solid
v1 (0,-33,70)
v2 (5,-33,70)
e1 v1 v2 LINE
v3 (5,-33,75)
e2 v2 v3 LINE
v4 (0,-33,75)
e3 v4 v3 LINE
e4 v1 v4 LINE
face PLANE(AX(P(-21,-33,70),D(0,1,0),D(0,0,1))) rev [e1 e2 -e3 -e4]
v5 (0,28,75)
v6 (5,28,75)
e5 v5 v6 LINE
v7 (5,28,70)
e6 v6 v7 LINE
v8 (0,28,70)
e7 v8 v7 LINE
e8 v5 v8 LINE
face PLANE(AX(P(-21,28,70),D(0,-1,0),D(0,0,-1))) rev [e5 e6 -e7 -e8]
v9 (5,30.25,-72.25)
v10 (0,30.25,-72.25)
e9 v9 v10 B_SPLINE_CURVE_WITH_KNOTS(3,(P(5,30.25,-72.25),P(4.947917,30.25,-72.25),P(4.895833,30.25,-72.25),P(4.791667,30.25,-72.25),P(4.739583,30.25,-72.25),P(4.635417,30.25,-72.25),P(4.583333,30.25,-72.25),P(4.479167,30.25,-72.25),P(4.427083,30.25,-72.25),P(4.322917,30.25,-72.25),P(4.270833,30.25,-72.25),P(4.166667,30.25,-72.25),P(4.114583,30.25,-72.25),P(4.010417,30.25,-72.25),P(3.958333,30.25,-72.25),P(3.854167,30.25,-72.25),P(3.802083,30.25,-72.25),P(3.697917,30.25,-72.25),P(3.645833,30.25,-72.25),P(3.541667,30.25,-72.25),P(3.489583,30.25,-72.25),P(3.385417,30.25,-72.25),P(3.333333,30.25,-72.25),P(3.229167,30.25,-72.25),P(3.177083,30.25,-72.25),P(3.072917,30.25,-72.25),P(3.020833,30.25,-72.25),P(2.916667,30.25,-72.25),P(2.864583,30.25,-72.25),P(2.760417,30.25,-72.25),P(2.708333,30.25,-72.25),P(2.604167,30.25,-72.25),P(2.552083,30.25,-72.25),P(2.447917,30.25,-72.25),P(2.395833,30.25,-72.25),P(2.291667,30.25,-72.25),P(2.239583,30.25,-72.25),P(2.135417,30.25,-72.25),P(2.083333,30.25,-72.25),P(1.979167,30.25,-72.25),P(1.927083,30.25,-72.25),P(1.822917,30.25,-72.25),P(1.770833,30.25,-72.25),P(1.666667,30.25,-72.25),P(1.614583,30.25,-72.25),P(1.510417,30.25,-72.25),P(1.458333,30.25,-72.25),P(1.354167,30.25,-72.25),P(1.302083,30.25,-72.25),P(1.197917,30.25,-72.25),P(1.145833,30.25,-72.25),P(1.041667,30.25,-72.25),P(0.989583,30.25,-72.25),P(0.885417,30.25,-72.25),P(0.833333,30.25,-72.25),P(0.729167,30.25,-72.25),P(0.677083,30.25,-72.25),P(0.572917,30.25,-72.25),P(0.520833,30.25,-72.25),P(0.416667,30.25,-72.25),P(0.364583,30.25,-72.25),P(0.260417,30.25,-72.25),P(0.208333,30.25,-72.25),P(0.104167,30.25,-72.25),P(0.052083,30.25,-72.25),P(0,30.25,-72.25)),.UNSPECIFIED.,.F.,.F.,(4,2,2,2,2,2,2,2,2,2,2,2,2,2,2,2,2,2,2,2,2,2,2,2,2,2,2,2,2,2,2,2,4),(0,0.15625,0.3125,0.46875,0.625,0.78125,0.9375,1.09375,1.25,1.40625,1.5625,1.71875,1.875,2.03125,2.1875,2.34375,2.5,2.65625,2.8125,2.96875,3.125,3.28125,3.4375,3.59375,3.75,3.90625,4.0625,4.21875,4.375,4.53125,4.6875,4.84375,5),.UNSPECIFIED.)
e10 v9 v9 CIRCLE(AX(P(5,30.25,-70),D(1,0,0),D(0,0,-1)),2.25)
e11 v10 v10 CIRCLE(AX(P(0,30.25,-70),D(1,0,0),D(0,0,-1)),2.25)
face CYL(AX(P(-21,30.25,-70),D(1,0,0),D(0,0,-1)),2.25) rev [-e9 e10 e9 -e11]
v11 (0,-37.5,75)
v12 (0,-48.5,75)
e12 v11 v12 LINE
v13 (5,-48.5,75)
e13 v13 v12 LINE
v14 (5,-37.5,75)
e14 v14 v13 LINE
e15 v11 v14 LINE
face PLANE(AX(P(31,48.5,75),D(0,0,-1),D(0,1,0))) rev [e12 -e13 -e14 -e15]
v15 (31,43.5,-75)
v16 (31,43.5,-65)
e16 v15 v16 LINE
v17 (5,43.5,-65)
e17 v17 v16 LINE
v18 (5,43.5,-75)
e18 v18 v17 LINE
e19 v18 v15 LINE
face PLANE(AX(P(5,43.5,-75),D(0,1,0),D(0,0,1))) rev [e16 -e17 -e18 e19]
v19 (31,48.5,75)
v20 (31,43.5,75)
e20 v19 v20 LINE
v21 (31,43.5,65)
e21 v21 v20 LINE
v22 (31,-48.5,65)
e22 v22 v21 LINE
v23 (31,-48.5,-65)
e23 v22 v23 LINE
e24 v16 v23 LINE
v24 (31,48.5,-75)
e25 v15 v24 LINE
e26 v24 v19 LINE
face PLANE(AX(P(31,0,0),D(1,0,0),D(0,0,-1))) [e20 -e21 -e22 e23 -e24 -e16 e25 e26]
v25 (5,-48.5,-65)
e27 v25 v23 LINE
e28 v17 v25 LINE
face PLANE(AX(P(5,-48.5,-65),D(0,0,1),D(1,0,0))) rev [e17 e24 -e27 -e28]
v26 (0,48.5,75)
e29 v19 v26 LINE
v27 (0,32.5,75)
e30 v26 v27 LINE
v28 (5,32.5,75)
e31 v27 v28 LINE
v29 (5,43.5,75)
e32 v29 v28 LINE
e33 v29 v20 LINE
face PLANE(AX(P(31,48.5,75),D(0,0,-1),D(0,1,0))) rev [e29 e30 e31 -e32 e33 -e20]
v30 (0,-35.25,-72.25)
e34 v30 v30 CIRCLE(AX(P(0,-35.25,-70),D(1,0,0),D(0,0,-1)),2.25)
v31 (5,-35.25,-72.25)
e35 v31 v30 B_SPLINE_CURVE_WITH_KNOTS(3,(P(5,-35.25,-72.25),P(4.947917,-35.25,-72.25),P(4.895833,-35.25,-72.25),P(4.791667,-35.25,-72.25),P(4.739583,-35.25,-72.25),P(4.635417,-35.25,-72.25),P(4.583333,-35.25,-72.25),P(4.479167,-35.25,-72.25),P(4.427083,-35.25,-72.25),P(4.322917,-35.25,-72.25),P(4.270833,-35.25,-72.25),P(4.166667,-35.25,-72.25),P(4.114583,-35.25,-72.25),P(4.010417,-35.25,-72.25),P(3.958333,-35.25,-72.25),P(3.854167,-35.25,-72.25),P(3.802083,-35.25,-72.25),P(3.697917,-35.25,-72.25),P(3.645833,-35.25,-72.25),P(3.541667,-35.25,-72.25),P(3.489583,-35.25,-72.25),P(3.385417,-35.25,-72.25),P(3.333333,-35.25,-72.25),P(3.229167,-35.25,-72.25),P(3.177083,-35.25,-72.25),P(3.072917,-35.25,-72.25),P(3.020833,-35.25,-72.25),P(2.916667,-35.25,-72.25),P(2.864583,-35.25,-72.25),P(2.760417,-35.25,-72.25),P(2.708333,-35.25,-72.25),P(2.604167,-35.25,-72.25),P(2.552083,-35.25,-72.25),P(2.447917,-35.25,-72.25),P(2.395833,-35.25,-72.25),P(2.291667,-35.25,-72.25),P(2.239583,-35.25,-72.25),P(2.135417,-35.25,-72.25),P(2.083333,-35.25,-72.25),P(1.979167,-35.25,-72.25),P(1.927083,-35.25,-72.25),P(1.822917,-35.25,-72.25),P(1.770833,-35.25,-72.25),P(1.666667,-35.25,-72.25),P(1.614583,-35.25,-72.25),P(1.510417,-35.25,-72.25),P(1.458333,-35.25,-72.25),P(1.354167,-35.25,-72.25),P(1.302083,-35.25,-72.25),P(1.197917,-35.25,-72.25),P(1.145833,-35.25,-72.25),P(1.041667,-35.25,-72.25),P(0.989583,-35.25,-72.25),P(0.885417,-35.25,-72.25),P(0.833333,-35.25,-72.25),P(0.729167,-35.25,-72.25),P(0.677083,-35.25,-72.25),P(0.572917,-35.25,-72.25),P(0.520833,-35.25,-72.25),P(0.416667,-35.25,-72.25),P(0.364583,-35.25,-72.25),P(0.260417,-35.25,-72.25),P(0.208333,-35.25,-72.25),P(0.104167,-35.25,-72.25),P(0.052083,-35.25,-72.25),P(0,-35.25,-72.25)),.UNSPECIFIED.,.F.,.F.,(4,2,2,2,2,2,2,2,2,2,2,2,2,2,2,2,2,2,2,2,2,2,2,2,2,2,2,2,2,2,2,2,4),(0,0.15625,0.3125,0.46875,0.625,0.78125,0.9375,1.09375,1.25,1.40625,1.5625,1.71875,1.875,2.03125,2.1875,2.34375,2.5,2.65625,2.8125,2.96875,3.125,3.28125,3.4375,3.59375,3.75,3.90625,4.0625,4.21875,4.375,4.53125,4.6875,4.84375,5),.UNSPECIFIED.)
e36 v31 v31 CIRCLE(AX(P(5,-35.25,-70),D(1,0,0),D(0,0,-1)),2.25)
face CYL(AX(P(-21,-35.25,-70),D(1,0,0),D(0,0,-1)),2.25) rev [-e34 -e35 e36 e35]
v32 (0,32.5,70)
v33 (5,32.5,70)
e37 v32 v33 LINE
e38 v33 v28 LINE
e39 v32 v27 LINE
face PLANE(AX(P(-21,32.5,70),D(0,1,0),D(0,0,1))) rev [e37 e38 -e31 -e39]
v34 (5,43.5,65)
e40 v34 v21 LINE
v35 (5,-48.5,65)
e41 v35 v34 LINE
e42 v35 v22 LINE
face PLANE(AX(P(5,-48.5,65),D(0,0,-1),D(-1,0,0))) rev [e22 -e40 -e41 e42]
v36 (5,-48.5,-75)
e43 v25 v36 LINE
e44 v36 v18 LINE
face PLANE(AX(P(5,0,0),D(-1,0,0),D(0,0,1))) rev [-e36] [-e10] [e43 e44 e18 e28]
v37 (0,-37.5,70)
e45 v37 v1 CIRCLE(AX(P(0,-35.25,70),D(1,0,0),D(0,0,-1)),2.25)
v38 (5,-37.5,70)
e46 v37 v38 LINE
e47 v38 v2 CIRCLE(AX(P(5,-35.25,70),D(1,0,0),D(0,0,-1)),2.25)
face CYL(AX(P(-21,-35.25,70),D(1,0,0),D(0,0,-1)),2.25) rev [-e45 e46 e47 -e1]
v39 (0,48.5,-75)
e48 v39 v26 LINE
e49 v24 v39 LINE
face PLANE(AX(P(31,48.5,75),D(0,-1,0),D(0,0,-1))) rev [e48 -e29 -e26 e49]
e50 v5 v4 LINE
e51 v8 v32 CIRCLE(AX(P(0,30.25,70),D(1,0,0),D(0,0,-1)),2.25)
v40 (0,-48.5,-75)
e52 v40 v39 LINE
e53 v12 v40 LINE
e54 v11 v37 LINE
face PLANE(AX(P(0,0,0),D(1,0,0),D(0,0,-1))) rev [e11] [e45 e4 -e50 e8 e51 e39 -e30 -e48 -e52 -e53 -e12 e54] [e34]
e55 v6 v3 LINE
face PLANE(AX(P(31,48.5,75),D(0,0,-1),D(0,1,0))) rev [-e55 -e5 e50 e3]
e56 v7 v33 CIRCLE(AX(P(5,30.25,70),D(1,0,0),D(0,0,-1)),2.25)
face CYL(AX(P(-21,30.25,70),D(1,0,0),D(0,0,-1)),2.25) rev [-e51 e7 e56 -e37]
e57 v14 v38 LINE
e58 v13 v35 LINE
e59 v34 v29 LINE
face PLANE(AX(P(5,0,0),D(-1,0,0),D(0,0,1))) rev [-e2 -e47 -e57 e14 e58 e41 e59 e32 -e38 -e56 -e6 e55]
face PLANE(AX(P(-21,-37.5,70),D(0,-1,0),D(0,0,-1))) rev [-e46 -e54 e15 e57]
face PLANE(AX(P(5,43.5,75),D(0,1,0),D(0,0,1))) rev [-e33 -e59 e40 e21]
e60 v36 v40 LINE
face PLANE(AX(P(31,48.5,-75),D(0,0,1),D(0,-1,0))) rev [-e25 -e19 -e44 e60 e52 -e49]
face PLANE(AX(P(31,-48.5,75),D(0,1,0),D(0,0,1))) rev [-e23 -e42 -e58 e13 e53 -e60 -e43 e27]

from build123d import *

# Parameters (mm, degrees)
SKETCH_1_W          = 150
SKETCH_1_H          = 97
EXTRUDE_1_DEPTH     = 31
SKETCH_2_W          = 10
SKETCH_2_H          = 92
CUT_EXTRUDE_1_DEPTH = 26
SKETCH_3_R          = 2.25
CUT_EXTRUDE_2_DEPTH = 26


with BuildPart() as part:
    # 草图1 → 凸台-拉伸1 (new body)
    with BuildSketch(Plane(origin=(0, 0, 0), x_dir=(0, 0, -1), z_dir=(1, 0, 0))):
        Rectangle(SKETCH_1_W, SKETCH_1_H)
    extrude(amount=EXTRUDE_1_DEPTH)

    # 草图2 → 切除-拉伸1 (cut)
    with BuildSketch(Plane(origin=(31, 0, 0), x_dir=(0, 0, -1), z_dir=(1, 0, 0))):
        with Locations((-70, -2.5)):
            Rectangle(SKETCH_2_W, SKETCH_2_H)
        with Locations((70, -2.5)):
            Rectangle(SKETCH_2_W, SKETCH_2_H)
    extrude(amount=-CUT_EXTRUDE_1_DEPTH, mode=Mode.SUBTRACT)

    # 草图3 → 切除-拉伸2 (cut)
    with BuildSketch(Plane(origin=(5, 0, 0), x_dir=(0, 0, -1), z_dir=(1, 0, 0))):
        with Locations((70, 30.25)):
            Circle(SKETCH_3_R)
        with Locations((70, -35.25)):
            Circle(SKETCH_3_R)
        with BuildLine():
            Line((-70, 32.5), (-75, 32.5))
            Line((-75, 32.5), (-75, 28))
            Line((-75, 28), (-70, 28))
            ThreePointArc((-70, 28), (-67.75, 30.25), (-70, 32.5))
        make_face()
        with BuildLine():
            Line((-70, -33), (-75, -33))
            Line((-75, -33), (-75, -37.5))
            Line((-75, -37.5), (-70, -37.5))
            ThreePointArc((-70, -37.5), (-67.75, -35.25), (-70, -33))
        make_face()
    extrude(amount=-CUT_EXTRUDE_2_DEPTH, mode=Mode.SUBTRACT)


solid = part.part
